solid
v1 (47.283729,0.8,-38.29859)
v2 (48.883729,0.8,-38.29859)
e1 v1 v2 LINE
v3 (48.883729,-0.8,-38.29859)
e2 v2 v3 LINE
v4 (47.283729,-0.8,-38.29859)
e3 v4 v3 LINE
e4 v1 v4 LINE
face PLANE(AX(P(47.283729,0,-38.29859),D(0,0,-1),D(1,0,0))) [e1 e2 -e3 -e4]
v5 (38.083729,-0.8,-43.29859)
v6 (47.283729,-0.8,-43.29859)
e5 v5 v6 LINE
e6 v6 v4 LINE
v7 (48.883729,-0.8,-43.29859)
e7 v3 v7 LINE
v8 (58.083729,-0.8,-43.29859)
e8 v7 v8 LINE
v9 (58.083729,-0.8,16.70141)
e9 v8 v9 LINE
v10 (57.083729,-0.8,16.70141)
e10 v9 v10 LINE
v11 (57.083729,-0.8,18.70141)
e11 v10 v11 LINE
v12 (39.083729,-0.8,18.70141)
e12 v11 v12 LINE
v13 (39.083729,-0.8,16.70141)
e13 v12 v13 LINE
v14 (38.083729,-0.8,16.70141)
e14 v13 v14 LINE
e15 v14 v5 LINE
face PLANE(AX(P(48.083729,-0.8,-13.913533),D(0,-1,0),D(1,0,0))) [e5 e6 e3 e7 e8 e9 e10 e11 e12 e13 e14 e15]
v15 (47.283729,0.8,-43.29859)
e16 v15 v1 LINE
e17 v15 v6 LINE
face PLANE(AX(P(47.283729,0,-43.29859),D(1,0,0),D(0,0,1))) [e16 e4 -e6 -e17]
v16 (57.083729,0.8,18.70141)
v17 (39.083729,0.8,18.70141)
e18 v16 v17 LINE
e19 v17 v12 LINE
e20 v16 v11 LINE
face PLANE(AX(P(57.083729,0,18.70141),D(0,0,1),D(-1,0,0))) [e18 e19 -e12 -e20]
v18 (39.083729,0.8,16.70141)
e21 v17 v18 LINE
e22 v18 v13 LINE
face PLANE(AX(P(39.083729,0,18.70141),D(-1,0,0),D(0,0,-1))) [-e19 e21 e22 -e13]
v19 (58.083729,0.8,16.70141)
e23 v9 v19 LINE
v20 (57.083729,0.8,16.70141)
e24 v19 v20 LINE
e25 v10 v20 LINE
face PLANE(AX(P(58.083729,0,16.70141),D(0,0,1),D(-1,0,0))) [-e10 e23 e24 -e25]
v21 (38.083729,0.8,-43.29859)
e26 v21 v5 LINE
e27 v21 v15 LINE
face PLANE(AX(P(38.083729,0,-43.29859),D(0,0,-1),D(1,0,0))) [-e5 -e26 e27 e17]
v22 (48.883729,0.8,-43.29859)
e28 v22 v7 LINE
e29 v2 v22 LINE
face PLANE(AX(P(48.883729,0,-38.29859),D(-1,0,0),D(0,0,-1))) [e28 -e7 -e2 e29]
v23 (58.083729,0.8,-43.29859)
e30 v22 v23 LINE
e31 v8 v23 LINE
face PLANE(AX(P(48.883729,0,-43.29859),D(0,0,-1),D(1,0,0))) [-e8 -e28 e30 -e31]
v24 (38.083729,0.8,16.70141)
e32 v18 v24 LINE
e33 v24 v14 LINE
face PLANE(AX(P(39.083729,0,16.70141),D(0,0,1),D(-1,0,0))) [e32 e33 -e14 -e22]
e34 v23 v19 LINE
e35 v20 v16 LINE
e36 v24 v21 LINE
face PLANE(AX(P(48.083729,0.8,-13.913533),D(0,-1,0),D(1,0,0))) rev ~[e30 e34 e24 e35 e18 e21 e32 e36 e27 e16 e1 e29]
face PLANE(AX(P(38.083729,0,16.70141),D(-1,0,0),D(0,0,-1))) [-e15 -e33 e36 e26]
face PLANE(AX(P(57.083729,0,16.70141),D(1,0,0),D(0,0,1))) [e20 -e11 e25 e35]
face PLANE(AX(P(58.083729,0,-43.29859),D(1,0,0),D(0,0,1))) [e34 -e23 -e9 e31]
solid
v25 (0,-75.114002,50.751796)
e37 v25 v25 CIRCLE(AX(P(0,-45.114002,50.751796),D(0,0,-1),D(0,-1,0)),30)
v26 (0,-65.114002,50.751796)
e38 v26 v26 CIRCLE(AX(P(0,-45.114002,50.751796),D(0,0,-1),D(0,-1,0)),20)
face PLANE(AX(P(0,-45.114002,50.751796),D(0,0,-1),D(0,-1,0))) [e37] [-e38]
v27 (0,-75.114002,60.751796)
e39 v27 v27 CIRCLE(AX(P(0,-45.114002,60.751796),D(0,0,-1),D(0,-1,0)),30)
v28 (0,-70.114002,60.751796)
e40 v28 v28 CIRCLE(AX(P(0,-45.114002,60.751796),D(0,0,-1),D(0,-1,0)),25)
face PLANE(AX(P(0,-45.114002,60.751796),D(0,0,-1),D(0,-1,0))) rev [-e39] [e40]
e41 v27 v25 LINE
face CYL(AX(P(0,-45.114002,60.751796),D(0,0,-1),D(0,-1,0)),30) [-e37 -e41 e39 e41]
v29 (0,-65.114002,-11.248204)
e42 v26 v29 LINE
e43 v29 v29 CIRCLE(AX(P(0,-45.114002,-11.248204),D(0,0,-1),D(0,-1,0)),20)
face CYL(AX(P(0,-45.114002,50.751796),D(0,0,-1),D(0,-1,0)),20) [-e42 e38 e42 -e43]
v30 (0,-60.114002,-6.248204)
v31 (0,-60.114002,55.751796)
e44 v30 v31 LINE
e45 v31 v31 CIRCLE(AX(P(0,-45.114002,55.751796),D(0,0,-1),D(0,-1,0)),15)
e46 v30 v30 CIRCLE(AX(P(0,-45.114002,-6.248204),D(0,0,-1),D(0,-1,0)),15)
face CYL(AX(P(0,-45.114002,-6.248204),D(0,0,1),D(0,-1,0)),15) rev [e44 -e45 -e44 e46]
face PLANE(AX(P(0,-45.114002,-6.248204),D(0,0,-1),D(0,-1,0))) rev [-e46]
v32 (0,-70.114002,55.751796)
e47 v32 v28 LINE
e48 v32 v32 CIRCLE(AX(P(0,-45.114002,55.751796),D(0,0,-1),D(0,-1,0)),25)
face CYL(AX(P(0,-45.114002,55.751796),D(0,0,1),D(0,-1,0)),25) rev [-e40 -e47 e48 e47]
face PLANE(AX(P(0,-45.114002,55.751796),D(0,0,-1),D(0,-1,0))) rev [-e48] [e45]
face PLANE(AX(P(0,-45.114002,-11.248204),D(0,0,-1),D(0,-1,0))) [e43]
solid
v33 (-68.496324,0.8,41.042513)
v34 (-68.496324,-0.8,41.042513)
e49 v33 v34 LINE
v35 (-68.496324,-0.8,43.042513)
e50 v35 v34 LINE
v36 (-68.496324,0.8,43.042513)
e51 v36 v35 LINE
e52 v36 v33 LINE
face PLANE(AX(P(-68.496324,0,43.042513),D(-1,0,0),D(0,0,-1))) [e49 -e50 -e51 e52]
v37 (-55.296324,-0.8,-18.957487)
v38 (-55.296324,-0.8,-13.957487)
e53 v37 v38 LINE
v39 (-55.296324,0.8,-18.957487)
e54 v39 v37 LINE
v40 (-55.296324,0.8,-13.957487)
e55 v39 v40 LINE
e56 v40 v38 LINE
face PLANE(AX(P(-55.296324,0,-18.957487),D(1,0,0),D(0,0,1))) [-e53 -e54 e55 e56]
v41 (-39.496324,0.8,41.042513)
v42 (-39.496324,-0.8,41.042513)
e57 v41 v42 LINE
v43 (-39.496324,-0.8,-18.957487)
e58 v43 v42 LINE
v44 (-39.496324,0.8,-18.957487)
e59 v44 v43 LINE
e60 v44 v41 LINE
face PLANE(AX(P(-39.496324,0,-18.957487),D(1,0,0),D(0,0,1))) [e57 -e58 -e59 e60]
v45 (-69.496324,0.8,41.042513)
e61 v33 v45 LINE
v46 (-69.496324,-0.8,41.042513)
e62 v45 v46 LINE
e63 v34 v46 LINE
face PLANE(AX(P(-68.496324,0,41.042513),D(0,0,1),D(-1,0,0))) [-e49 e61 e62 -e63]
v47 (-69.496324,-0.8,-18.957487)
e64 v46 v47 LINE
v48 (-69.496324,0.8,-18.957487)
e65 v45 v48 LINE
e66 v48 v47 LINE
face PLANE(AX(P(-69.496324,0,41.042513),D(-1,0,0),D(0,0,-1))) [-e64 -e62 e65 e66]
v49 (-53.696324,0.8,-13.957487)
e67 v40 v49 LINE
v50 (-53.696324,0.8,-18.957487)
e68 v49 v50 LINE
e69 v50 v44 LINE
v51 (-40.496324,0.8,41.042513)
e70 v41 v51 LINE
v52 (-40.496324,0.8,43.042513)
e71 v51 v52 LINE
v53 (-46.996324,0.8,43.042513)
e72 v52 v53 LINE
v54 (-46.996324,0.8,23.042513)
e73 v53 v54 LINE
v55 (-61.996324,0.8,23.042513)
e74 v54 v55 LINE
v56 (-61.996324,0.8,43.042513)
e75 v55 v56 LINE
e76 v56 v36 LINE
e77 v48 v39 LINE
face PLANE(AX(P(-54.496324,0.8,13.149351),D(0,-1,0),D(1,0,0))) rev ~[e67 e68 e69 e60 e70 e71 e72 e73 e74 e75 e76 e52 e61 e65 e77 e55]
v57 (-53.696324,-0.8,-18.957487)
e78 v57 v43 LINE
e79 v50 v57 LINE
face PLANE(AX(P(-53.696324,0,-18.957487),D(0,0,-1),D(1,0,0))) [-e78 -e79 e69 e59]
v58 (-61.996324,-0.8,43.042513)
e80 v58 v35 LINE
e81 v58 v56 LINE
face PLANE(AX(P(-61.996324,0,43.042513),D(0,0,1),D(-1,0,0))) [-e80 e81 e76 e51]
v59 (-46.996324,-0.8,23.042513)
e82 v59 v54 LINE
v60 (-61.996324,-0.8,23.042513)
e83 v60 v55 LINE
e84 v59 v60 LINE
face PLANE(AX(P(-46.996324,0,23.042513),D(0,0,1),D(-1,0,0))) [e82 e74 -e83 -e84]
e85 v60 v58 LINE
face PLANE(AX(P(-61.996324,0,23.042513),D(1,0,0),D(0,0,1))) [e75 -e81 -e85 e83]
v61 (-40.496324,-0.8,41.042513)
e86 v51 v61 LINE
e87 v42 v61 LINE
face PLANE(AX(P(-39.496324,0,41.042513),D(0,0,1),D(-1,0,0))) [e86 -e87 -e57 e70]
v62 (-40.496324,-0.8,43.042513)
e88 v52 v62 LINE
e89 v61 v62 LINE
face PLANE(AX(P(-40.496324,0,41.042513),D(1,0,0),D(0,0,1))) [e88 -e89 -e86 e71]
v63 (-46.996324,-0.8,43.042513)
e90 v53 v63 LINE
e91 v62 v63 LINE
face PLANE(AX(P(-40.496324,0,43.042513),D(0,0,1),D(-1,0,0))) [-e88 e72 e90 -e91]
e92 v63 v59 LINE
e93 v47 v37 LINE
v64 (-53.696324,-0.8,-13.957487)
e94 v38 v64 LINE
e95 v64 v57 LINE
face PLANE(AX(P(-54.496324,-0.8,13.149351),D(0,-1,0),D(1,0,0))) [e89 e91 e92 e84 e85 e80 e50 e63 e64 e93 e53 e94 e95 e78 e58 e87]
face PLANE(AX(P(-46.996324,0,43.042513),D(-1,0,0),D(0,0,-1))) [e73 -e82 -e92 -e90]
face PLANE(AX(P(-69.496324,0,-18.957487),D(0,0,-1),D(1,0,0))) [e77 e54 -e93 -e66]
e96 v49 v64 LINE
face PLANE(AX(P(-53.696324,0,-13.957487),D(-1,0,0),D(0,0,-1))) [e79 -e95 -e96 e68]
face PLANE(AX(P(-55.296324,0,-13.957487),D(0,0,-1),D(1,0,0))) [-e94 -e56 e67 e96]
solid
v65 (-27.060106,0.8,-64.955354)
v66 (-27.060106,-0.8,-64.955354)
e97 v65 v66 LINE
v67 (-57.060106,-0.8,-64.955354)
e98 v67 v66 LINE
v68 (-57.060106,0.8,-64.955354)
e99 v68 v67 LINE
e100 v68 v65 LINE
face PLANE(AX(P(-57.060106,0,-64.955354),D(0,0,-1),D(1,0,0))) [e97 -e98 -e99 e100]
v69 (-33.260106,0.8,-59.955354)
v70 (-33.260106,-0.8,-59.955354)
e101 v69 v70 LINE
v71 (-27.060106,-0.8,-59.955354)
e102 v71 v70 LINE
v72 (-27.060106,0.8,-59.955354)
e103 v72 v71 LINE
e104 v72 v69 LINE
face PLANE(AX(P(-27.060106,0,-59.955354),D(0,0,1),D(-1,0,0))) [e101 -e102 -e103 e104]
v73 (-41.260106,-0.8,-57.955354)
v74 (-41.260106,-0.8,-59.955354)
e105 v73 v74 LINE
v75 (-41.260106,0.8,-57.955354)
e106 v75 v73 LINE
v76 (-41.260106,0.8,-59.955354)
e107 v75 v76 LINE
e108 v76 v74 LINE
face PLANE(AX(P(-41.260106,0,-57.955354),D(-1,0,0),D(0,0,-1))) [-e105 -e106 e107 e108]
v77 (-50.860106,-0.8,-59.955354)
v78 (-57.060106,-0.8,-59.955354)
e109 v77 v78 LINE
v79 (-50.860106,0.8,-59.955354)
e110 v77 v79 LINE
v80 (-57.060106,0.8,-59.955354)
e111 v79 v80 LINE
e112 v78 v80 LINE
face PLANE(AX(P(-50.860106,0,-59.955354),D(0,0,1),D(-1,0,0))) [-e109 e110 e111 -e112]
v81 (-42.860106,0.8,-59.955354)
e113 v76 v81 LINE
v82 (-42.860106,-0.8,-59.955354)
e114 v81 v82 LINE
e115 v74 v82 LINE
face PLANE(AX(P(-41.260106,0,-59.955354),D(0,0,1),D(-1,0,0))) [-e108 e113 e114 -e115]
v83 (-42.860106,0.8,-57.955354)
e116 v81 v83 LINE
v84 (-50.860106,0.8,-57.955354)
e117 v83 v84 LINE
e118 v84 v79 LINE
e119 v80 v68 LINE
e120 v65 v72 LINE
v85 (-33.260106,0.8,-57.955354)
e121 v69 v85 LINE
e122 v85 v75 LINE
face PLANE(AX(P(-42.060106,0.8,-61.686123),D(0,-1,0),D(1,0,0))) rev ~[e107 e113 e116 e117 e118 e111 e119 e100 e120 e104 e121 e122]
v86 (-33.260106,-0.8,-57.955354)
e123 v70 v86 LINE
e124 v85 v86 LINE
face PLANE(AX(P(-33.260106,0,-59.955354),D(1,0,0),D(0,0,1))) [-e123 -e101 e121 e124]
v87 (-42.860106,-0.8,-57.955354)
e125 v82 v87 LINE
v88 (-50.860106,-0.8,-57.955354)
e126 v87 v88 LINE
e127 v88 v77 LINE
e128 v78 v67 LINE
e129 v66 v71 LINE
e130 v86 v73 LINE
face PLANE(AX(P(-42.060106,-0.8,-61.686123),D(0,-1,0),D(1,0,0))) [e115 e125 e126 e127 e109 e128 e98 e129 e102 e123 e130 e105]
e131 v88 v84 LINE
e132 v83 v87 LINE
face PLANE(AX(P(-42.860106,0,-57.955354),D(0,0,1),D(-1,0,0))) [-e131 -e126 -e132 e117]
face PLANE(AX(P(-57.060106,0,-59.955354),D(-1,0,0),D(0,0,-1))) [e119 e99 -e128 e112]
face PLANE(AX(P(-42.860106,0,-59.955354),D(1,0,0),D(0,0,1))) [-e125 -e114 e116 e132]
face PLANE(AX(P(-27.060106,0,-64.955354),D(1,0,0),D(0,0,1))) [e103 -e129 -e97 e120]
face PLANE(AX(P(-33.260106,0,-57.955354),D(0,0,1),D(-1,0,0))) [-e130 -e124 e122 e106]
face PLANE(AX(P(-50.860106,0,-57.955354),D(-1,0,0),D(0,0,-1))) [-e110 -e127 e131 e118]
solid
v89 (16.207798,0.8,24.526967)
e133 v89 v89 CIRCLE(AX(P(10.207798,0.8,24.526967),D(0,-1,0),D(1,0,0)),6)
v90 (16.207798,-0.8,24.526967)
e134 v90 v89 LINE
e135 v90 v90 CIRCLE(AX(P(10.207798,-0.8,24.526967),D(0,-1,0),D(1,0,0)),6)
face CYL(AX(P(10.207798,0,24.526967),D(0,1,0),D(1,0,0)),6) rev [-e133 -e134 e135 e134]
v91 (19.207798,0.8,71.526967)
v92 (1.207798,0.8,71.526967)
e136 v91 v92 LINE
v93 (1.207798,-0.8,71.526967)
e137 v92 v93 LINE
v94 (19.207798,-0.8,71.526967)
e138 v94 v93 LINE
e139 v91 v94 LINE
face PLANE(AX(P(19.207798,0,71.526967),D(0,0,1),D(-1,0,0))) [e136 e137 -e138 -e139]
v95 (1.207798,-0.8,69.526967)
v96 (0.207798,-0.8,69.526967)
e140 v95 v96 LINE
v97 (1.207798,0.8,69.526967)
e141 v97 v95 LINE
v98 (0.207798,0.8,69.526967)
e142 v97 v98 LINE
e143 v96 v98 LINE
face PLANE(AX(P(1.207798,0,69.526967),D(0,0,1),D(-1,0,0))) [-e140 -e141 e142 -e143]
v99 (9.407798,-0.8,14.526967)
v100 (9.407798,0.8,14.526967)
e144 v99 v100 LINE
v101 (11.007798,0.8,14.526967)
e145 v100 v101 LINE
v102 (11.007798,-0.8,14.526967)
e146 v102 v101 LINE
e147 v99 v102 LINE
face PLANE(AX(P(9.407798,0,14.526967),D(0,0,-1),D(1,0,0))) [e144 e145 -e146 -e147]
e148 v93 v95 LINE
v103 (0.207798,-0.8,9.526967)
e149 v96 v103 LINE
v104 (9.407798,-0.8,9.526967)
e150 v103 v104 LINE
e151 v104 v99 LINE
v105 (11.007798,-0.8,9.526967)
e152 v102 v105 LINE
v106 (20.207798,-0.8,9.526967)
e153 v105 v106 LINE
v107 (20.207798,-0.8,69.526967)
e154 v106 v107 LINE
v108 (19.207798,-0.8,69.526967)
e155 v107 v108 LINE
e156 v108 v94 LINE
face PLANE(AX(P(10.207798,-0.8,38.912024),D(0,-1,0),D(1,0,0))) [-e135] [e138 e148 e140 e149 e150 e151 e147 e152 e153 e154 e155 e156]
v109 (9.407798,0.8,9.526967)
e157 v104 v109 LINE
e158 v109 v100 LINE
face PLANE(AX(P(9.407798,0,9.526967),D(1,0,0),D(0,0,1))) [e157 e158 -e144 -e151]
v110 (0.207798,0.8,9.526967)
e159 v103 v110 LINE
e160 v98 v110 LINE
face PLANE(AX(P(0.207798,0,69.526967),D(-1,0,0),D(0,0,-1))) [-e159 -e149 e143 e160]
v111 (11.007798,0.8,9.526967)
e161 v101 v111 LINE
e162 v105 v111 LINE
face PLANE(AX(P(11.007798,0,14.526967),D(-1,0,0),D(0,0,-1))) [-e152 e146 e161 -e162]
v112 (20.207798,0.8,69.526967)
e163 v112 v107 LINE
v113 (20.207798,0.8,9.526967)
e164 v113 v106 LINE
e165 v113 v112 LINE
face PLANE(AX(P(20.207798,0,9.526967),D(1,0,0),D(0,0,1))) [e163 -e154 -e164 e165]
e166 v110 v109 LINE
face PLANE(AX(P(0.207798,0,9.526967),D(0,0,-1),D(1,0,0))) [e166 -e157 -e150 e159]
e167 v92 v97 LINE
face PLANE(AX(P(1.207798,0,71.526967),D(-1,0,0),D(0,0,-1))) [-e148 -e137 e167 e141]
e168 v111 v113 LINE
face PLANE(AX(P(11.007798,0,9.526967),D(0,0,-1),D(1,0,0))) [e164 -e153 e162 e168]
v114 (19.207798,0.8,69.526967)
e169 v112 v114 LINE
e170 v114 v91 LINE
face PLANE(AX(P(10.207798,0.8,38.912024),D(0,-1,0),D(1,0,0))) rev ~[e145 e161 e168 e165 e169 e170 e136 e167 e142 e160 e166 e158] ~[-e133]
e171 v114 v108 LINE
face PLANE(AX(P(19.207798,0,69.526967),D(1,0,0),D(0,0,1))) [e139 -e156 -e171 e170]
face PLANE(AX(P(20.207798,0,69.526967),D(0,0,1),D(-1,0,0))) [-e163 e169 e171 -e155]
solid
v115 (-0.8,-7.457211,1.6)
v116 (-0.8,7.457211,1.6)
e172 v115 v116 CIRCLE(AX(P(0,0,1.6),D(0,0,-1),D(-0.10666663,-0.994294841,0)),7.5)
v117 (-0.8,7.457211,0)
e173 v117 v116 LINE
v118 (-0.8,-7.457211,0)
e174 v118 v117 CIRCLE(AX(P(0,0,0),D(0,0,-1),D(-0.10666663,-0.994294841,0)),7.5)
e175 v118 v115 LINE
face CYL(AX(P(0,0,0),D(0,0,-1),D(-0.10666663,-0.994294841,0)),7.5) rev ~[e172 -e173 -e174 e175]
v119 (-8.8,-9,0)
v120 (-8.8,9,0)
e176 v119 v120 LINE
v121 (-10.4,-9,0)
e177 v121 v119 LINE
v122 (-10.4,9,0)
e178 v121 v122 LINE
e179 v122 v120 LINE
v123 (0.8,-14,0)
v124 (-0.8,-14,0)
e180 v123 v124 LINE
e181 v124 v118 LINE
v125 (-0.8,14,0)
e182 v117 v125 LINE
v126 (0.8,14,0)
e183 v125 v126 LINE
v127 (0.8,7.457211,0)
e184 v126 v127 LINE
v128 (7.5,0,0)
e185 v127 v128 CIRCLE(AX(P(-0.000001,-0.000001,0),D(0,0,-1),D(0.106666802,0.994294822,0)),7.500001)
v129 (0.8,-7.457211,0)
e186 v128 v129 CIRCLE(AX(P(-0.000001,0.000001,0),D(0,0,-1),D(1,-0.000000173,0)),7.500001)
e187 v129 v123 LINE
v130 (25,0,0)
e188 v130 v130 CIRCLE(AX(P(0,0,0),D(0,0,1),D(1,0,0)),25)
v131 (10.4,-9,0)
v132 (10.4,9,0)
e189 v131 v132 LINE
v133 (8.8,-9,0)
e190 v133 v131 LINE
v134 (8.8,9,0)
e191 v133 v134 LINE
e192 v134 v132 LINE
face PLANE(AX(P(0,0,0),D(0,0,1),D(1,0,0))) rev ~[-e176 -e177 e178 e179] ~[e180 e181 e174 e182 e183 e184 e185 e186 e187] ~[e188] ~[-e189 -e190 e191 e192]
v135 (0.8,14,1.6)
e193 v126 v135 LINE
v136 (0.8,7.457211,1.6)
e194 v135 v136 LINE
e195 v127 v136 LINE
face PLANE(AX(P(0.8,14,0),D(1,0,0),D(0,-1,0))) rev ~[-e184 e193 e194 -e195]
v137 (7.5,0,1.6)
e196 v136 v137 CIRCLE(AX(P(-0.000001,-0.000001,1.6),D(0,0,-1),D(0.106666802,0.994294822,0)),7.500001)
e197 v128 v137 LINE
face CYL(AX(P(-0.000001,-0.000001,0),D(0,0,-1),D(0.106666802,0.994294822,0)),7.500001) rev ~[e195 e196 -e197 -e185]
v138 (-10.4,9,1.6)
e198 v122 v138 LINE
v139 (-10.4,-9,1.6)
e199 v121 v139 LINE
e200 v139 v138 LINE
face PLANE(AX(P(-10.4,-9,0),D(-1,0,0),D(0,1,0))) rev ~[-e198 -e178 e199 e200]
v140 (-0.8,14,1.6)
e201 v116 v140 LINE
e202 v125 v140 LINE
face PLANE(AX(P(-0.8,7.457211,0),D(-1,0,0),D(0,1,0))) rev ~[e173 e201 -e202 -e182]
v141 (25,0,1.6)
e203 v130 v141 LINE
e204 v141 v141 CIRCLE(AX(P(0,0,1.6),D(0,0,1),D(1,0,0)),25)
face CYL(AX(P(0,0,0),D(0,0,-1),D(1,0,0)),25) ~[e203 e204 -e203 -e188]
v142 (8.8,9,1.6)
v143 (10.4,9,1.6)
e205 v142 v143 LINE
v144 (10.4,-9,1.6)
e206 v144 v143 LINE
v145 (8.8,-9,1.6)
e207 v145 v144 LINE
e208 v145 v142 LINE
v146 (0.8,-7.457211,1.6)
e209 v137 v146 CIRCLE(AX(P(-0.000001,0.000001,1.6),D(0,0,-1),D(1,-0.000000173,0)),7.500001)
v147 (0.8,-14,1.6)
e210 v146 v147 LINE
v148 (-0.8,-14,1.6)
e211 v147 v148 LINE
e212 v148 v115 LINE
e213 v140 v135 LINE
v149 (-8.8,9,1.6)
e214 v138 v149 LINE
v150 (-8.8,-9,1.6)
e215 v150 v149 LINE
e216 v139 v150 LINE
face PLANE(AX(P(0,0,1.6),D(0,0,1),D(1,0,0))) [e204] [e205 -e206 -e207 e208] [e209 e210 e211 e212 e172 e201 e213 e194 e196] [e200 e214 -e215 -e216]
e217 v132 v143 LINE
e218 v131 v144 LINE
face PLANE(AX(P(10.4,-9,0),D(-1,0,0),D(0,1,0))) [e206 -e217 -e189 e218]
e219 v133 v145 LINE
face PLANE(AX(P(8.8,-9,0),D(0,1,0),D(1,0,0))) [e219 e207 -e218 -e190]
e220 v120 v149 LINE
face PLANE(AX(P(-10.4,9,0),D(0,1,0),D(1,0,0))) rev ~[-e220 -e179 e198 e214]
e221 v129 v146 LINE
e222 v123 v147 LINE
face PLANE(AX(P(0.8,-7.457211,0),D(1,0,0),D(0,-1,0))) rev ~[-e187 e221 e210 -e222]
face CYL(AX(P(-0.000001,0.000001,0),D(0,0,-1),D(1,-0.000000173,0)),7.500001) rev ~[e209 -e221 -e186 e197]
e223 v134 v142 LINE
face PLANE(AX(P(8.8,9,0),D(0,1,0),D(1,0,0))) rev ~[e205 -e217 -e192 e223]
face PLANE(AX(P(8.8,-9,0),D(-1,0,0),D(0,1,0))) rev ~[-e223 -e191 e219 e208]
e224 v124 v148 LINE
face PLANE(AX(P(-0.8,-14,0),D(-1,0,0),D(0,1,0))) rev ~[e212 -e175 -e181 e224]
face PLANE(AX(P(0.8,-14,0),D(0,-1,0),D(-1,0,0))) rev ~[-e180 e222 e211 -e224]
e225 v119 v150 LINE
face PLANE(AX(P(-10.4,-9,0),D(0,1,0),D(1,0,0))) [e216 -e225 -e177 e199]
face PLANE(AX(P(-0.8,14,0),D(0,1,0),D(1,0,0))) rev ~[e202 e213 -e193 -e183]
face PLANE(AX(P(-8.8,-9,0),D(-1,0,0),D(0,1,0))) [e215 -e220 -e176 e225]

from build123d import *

# Parameters (mm, degrees)
F0_R     = 25
F0_W     = 1.6
F0_H     = 18
F1_DEPTH = 1.6
F3_DEPTH = 0.8
F5_DEPTH = 0.8
F6_R     = 6
F7_DEPTH = 0.8
F9_DEPTH = 0.8


with BuildPart() as f1:
    # F0 (on Top) → F1 (new body)
    with BuildSketch(Plane.XY):
        Circle(F0_R)
        with Locations((-9.6, 0)):
            Rectangle(F0_W, F0_H, mode=Mode.SUBTRACT)
        with BuildLine():
            ThreePointArc((0.8, 7.457211), (5.578978, 5.012484), (7.5, 0))
            ThreePointArc((7.5, 0), (5.578978, -5.012484), (0.8, -7.457211))
            Line((0.8, -7.457211), (0.8, -14))
            Line((0.8, -14), (-0.8, -14))
            Line((-0.8, -14), (-0.8, -7.457211))
            ThreePointArc((-0.8, -7.457211), (-7.5, 0), (-0.8, 7.457211))
            Line((-0.8, 7.457211), (-0.8, 14))
            Line((-0.8, 14), (0.8, 14))
            Line((0.8, 14), (0.8, 7.457211))
        make_face(mode=Mode.SUBTRACT)
        with Locations((9.6, 0)):
            Rectangle(F0_W, F0_H, mode=Mode.SUBTRACT)
    extrude(amount=F1_DEPTH)


with BuildPart() as f3:
    # F2 (on Front) → F3 (new body, symmetric)
    with BuildSketch(Plane.XZ):
        Polygon((-61.996324, 43.042513), (-68.496324, 43.042513), (-68.496324, 41.042513), (-69.496324, 41.042513), (-69.496324, -18.957487), (-55.296324, -18.957487), (-55.296324, -13.957487), (-53.696324, -13.957487), (-53.696324, -18.957487), (-39.496324, -18.957487), (-39.496324, 41.042513), (-40.496324, 41.042513), (-40.496324, 43.042513), (-46.996324, 43.042513), (-46.996324, 23.042513), (-61.996324, 23.042513), align=None)
    extrude(amount=F3_DEPTH, both=True)


with BuildPart() as f5:
    # F4 (on Front) → F5 (new body, symmetric)
    with BuildSketch(Plane.XZ):
        Polygon((57.083729, 16.70141), (57.083729, 18.70141), (39.083729, 18.70141), (39.083729, 16.70141), (38.083729, 16.70141), (38.083729, -43.29859), (47.283729, -43.29859), (47.283729, -38.29859), (48.883729, -38.29859), (48.883729, -43.29859), (58.083729, -43.29859), (58.083729, 16.70141), align=None)
    extrude(amount=F5_DEPTH, both=True)


with BuildPart() as f7:
    # F6 (on Front) → F7 (new body, symmetric)
    with BuildSketch(Plane.XZ):
        Polygon((11.007798, 9.526967), (20.207798, 9.526967), (20.207798, 69.526967), (19.207798, 69.526967), (19.207798, 71.526967), (1.207798, 71.526967), (1.207798, 69.526967), (0.207798, 69.526967), (0.207798, 9.526967), (9.407798, 9.526967), (9.407798, 14.526967), (11.007798, 14.526967), align=None)
        with Locations((10.207798, 24.526967)):
            Circle(F6_R, mode=Mode.SUBTRACT)
    extrude(amount=F7_DEPTH, both=True)


with BuildPart() as f9:
    # F8 (on Front) → F9 (new body, symmetric)
    with BuildSketch(Plane.XZ):
        Polygon((-57.060106, -59.955354), (-57.060106, -64.955354), (-27.060106, -64.955354), (-27.060106, -59.955354), (-33.260106, -59.955354), (-33.260106, -57.955354), (-41.260106, -57.955354), (-41.260106, -59.955354), (-42.860106, -59.955354), (-42.860106, -57.955354), (-50.860106, -57.955354), (-50.860106, -59.955354), align=None)
    extrude(amount=F9_DEPTH, both=True)


with BuildPart() as f11:
    # F10 (on Right) → F11 (revolve)
    with BuildSketch(Plane.YZ):
        Polygon((-45.114002, -11.248204), (-45.114002, -6.248204), (-60.114002, -6.248204), (-60.114002, 55.751796), (-70.114002, 55.751796), (-70.114002, 60.751796), (-75.114002, 60.751796), (-75.114002, 50.751796), (-65.114002, 50.751796), (-65.114002, -11.248204), align=None)
    revolve(axis=Axis((0, -45.114002, -8.748204), (0, 0, -1)))


solid = Compound([f1.part, f3.part, f5.part, f7.part, f9.part, f11.part])
